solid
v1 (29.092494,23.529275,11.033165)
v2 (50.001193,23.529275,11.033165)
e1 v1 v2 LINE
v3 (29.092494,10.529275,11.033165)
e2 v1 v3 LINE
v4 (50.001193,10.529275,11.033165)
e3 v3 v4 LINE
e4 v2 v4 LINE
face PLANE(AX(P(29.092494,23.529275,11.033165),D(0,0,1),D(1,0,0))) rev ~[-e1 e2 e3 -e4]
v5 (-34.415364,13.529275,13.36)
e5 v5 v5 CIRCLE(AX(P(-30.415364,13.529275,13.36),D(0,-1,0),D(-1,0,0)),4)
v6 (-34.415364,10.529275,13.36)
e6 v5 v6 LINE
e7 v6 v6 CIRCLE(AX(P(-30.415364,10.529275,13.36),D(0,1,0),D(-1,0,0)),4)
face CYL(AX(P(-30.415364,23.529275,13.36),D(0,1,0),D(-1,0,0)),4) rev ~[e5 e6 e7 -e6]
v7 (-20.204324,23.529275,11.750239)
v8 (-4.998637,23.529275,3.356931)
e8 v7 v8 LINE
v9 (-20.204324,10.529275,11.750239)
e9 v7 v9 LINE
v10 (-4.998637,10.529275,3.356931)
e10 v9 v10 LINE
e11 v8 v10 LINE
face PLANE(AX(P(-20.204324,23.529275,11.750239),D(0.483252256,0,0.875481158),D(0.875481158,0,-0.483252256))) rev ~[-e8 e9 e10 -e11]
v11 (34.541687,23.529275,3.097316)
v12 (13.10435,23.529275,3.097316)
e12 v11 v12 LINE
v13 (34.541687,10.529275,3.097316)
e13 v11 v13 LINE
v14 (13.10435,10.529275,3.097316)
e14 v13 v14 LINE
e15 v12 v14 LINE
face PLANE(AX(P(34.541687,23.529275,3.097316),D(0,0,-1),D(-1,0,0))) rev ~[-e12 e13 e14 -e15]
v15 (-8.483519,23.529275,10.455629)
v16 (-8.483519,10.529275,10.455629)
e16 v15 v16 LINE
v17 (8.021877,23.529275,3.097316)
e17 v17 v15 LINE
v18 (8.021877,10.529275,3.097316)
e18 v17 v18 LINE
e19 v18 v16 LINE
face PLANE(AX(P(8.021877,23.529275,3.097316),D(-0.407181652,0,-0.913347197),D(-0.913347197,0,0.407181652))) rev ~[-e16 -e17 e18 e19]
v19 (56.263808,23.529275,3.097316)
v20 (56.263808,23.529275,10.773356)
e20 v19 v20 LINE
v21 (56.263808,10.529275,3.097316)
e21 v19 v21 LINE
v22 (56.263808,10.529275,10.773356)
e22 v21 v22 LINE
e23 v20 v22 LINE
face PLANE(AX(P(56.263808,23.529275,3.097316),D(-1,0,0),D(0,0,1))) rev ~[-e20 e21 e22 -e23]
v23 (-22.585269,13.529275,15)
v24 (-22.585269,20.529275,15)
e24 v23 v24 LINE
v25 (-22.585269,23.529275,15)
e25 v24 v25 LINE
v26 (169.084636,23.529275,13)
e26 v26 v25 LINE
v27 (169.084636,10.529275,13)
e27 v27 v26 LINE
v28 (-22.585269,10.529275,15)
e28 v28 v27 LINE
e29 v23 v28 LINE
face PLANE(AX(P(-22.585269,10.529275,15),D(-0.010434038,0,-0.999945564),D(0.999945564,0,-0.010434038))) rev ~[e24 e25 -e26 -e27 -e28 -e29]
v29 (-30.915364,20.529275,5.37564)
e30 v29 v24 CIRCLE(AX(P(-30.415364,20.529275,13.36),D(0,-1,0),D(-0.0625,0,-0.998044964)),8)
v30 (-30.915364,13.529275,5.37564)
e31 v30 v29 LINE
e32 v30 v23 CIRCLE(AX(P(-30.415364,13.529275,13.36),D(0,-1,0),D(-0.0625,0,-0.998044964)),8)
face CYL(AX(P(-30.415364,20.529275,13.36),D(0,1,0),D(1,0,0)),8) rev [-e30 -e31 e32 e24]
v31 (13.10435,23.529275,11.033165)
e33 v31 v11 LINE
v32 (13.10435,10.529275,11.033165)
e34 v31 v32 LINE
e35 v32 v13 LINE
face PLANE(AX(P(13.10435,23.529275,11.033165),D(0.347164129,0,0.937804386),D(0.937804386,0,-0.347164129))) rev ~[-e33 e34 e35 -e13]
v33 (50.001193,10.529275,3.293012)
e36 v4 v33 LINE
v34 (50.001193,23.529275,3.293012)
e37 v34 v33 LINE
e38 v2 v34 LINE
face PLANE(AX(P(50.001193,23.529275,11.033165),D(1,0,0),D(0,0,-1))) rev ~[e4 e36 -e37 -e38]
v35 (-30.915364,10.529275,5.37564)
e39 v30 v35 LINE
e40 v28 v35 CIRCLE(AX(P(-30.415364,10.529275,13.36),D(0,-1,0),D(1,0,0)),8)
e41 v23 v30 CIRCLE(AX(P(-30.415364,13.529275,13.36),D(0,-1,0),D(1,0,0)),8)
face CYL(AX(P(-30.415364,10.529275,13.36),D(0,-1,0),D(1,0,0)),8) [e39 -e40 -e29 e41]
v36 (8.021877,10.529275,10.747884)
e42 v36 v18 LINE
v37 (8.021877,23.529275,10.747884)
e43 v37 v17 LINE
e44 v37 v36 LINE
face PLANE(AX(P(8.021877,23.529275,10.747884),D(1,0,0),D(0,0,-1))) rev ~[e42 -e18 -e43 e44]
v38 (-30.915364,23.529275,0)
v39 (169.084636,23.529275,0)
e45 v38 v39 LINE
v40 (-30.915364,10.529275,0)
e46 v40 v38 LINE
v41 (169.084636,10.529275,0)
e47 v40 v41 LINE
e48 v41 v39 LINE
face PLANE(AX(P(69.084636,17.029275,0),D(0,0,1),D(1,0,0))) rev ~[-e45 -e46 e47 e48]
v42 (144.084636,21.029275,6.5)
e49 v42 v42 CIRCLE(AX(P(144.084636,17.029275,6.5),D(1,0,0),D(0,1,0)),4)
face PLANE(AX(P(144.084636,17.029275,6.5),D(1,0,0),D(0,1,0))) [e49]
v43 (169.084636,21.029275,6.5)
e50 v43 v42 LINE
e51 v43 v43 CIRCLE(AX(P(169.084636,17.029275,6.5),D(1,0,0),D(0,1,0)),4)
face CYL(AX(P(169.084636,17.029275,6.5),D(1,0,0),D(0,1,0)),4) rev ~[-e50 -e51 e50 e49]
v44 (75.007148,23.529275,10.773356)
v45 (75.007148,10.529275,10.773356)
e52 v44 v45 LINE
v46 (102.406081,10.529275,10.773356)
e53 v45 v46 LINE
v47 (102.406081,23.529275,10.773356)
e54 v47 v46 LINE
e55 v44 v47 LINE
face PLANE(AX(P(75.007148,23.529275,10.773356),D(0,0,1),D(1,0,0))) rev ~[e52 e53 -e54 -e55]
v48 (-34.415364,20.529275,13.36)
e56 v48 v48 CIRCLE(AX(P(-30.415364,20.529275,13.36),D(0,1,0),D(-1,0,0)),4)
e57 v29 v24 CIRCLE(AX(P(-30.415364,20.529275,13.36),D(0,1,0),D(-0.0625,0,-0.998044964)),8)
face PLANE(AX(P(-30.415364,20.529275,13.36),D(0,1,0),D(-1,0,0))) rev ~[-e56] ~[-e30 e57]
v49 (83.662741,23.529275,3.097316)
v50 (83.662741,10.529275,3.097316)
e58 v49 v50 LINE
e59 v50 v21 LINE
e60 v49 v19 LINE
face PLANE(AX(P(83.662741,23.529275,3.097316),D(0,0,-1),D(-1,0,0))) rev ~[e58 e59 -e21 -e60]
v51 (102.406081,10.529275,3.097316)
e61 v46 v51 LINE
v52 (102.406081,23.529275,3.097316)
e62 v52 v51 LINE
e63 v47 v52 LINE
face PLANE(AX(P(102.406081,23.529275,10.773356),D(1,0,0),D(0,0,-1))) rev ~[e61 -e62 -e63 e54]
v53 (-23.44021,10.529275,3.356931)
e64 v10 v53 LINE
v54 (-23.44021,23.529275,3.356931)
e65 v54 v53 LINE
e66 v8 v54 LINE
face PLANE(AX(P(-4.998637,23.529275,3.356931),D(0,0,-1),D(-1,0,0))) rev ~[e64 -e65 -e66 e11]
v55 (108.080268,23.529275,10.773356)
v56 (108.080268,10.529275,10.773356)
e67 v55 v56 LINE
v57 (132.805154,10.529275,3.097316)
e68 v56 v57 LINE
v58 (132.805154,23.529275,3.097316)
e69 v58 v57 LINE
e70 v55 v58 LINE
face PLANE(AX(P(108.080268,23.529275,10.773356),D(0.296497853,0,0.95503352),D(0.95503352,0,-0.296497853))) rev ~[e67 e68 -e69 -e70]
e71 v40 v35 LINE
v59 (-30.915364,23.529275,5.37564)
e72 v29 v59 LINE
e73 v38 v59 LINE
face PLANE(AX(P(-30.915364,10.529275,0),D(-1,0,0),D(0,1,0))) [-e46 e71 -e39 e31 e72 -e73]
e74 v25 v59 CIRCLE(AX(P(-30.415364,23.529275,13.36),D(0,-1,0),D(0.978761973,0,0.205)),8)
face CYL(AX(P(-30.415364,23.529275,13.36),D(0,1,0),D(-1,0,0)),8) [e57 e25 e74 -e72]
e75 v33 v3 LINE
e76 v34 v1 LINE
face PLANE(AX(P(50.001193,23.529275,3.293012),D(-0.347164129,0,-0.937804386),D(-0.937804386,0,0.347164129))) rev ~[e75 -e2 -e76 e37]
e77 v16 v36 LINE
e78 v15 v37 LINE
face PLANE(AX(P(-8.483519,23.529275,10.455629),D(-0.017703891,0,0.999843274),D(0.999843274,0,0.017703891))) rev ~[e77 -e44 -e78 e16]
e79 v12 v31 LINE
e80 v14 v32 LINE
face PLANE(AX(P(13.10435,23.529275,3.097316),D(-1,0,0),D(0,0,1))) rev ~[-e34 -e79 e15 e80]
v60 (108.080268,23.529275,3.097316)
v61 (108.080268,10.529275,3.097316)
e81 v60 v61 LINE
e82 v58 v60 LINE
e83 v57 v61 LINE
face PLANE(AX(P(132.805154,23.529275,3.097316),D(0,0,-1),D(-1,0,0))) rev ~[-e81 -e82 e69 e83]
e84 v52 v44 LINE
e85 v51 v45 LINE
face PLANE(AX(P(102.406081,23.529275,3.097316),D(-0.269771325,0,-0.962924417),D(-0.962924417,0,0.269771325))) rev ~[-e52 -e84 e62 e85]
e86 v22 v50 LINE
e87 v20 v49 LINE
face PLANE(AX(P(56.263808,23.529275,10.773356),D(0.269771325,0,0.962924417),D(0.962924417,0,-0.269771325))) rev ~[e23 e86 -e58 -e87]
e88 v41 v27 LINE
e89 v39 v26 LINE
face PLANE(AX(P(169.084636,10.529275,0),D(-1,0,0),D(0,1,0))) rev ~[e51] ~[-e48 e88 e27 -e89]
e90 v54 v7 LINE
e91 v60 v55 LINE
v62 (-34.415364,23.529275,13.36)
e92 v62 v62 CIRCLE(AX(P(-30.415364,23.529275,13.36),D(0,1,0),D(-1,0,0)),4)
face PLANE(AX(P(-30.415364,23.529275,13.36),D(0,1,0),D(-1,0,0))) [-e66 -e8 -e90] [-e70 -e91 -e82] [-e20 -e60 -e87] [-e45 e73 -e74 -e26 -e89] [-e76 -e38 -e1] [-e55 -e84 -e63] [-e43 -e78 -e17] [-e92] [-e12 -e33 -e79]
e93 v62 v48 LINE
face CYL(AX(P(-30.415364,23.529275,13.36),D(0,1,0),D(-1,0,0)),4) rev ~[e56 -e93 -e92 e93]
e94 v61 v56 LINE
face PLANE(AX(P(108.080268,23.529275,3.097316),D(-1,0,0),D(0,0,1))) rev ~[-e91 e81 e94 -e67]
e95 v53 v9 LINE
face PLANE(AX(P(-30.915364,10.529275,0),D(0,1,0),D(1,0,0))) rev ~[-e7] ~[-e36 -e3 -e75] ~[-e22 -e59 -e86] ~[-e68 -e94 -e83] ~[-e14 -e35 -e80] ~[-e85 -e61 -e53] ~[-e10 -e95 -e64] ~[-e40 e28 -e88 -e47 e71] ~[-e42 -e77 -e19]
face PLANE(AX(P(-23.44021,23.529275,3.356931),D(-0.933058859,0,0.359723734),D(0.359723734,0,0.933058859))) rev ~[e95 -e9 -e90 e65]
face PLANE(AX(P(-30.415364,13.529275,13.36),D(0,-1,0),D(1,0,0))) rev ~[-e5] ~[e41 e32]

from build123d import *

# Parameters (mm, degrees)
F0_W      = 200
F0_H      = 13
F1_DEPTH  = 15
F2_R      = 8
F3_DEPTH  = 3
F4_R      = 8
F5_DEPTH  = 3
F6_R      = 4
F7_DEPTH  = 13
F8_R      = 8
F9_DEPTH  = 7
F11_DEPTH = 25
F12_R     = 4
F13_DEPTH = 25
F15_DEPTH = 25


with BuildPart() as f1:
    # F0 (on Top) → F1 (new body)
    with BuildSketch(Plane.XY):
        with Locations((69.0846356191, 17.0292752752)):
            Rectangle(F0_W, F0_H)
    extrude(amount=F1_DEPTH)

    # F2 (on face) → F3 (join)
    with BuildSketch(Plane.XZ.offset(-10.5292752752)):
        with Locations((-30.4153643809, 13.36)):
            Circle(F2_R)
    extrude(amount=-F3_DEPTH)

    # F4 (on face) → F5 (join)
    with BuildSketch(Plane(origin=(0, 23.5292752752, 0), x_dir=(-1, 0, 0), z_dir=(0, 1, 0))):
        with Locations((30.4153643809, 13.36)):
            Circle(F4_R)
    extrude(amount=-F5_DEPTH)

    # F6 (on face) → F7 (cut)
    with BuildSketch(Plane(origin=(0, 23.5292752752, 0), x_dir=(-1, 0, 0), z_dir=(0, 1, 0))):
        with Locations((30.4153643809, 13.36)):
            Circle(F6_R)
    extrude(amount=-F7_DEPTH, mode=Mode.SUBTRACT)

    # F8 (on face) → F9 (cut)
    with BuildSketch(Plane.XZ.offset(-20.5292752752)):
        with Locations((-30.4153643809, 13.36)):
            Circle(F8_R)
    extrude(amount=F9_DEPTH, mode=Mode.SUBTRACT)

    # F10 (on face) → F11 (cut)
    with BuildSketch(Plane.XZ.offset(-10.5292752752)):
        Polygon((169.0846356191, 15), (-22.5852685961, 15), (169.0846356191, 13), align=None)
    extrude(amount=-F11_DEPTH, mode=Mode.SUBTRACT)

    # F12 (on face) → F13 (cut)
    with BuildSketch(Plane.YZ.offset(169.0846356191)):
        with Locations((17.0292752752, 6.5)):
            Circle(F12_R)
    extrude(amount=-F13_DEPTH, mode=Mode.SUBTRACT)

    # F14 (on face) → F15 (cut)
    with BuildSketch(Plane(origin=(0, 23.5292752752, 0), x_dir=(-1, 0, 0), z_dir=(0, 1, 0))):
        Polygon((23.4402101487, 3.3569312654), (20.2043242753, 11.7502389476), (4.9986368977, 3.3569312654), align=None)
        Polygon((-8.0218771473, 3.0973160174), (8.4835188463, 10.455628857), (-8.0218771473, 10.7478844002), align=None)
        Polygon((-34.541686737, 3.0973160174), (-13.1043503061, 3.0973160174), (-13.1043503061, 11.0331652686), align=None)
        Polygon((-50.001192838, 3.2930115703), (-29.0924943984, 11.0331652686), (-50.001192838, 11.0331652686), align=None)
        Polygon((-83.6627408862, 3.0973160174), (-56.263808161, 3.0973160174), (-56.263808161, 10.7733560726), align=None)
        Polygon((-102.4060808122, 3.0973160174), (-75.007148087, 10.7733560726), (-102.4060808122, 10.7733560726), align=None)
        Polygon((-132.8051537275, 3.0973160174), (-108.0802679062, 3.0973160174), (-108.0802679062, 10.7733560726), align=None)
    extrude(amount=-F15_DEPTH, mode=Mode.SUBTRACT)


solid = f1.part
